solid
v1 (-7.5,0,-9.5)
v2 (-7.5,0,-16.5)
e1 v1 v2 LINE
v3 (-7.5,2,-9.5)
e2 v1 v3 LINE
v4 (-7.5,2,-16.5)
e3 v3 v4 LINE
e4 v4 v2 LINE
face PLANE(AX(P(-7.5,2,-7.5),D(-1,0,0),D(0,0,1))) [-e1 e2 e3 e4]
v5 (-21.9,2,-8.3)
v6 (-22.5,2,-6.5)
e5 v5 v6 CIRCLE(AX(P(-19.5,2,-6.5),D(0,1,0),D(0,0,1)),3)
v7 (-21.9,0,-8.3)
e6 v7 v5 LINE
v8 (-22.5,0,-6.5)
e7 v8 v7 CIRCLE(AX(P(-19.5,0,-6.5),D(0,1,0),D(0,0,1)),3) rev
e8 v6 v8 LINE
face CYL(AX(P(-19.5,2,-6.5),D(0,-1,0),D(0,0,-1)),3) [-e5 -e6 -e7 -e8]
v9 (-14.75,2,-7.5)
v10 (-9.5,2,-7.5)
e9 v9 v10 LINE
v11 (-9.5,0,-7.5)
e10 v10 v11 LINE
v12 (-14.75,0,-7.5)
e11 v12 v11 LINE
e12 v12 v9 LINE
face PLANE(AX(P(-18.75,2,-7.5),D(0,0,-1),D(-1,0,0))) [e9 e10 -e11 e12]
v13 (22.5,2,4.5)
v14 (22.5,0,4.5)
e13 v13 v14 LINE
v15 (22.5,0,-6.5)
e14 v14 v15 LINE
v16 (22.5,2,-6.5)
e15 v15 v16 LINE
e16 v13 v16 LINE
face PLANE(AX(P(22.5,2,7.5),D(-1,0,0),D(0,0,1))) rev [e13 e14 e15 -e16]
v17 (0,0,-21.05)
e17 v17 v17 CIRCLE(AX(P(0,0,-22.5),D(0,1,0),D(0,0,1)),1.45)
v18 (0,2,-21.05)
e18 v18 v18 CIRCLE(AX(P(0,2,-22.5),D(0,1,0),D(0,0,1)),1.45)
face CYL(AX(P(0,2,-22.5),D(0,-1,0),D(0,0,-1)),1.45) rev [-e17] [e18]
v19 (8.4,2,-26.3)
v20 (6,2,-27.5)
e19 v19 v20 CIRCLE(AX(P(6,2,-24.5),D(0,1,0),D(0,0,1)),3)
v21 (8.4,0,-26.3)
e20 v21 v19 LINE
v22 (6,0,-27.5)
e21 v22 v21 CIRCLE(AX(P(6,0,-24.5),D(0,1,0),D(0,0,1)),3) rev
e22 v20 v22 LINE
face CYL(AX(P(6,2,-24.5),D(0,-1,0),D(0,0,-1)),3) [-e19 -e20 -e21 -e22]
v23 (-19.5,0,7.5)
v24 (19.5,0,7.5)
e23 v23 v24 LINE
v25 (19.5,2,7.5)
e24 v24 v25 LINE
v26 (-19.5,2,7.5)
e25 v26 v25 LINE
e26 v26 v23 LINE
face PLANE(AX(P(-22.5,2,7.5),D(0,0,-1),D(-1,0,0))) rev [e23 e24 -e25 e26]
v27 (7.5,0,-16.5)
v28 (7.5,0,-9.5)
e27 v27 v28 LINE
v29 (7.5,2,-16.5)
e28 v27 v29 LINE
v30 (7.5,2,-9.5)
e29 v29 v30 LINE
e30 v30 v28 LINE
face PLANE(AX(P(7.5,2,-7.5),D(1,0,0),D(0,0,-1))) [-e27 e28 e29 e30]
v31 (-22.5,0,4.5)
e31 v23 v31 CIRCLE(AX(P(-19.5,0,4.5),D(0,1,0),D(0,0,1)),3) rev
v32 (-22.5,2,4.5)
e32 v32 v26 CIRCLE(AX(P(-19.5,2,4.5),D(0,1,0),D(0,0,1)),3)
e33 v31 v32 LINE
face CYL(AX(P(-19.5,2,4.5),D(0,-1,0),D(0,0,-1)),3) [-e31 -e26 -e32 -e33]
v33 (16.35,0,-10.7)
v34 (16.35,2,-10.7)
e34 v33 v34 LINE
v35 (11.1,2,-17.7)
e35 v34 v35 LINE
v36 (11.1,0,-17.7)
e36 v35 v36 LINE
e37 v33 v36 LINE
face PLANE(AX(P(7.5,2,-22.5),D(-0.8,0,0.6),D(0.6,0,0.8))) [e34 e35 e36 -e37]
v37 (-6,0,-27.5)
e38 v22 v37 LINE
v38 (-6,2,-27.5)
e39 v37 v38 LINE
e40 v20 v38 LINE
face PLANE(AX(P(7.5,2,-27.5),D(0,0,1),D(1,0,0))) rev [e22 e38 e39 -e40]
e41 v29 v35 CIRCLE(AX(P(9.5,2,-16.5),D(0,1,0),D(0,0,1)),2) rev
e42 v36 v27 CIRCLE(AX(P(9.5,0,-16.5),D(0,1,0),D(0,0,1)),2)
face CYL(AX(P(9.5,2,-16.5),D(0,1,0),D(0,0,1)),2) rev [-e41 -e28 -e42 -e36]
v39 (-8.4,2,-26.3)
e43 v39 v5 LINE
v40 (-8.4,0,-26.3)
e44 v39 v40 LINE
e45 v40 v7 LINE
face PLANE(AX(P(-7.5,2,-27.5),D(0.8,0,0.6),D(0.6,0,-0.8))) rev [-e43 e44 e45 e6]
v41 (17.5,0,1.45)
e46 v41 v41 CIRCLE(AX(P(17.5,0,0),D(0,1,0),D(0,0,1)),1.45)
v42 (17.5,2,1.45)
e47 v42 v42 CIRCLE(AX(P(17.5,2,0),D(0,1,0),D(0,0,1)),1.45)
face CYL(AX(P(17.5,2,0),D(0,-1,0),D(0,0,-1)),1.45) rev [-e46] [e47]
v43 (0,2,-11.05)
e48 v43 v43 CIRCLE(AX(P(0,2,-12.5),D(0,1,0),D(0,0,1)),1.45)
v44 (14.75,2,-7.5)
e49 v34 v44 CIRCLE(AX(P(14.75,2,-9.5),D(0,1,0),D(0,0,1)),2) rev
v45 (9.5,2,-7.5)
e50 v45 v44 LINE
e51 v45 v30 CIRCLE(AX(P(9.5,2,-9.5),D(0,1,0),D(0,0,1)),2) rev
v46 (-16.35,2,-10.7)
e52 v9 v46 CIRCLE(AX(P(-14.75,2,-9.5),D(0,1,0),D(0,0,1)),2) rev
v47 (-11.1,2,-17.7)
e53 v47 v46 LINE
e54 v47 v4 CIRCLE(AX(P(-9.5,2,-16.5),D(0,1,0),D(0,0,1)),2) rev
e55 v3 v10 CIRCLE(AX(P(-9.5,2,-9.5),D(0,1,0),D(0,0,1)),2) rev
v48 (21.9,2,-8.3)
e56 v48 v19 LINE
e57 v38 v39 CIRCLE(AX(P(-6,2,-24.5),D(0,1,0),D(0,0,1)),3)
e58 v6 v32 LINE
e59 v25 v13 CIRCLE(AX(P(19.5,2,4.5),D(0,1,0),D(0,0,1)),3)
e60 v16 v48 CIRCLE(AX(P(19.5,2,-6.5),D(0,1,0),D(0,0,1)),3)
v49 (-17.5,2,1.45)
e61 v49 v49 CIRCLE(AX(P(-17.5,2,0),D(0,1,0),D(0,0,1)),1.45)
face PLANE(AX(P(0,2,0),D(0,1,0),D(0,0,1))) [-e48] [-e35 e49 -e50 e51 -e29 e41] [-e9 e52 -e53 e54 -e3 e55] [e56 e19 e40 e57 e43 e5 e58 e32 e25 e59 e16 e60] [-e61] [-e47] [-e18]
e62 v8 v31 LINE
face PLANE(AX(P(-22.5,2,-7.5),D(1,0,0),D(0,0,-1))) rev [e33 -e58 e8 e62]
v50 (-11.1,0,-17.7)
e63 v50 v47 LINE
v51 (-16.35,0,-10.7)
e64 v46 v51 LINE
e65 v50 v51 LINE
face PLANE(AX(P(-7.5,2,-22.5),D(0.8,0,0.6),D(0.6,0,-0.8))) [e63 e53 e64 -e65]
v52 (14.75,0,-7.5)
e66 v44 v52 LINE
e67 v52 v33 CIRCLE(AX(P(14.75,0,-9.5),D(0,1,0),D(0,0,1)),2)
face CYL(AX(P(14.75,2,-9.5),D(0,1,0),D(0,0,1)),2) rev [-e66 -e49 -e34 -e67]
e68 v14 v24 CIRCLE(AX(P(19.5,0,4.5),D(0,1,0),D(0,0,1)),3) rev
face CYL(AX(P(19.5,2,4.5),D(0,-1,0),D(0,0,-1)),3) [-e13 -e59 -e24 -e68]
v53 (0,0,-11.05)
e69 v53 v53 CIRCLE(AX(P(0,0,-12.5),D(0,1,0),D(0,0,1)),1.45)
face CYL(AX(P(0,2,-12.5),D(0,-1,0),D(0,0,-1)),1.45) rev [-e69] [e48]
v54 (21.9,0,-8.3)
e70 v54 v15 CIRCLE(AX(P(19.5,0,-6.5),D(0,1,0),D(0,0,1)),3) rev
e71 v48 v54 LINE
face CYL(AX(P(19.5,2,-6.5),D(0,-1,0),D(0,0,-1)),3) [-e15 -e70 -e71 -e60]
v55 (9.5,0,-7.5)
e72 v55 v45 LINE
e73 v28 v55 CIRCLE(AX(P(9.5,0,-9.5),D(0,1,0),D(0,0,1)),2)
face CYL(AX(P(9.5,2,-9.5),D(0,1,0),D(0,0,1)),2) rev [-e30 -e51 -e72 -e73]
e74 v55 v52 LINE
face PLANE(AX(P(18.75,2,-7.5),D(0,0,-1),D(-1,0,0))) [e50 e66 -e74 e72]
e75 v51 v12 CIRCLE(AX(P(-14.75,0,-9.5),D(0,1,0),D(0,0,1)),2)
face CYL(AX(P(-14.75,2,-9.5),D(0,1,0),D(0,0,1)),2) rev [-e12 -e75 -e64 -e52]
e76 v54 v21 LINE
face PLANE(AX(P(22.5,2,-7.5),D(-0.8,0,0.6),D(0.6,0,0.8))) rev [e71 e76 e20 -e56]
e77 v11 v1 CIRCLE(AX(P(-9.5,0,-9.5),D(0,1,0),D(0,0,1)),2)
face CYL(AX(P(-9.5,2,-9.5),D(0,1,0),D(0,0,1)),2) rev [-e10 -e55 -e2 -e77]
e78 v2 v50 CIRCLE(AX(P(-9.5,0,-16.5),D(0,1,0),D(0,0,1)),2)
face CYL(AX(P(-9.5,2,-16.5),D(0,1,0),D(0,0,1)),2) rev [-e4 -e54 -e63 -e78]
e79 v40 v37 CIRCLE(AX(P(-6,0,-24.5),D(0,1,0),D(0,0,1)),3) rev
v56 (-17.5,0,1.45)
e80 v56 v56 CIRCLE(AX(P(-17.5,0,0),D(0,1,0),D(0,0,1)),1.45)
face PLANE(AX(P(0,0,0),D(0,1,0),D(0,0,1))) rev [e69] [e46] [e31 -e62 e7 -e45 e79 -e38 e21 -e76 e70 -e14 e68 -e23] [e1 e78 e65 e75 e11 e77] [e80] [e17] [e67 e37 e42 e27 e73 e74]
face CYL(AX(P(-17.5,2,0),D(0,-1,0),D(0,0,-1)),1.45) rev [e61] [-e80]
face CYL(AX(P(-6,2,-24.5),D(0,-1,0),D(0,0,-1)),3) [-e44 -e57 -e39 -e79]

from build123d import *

# Parameters (mm, degrees)
SKETCH_1_R      = 1.45
EXTRUDE_1_DEPTH = 2
FILLET_2_R      = 3
FILLET_3_R      = 2


with BuildPart() as part:
    # 草图1 → 凸台-拉伸1 (new body)
    with BuildSketch(Plane(origin=(0, 0, 0), x_dir=(1, 0, 0), z_dir=(0, 1, 0))):
        Polygon((-7.5, 27.5), (-22.5, 7.5), (-22.5, -7.5), (22.5, -7.5), (22.5, 7.5), (7.5, 27.5), align=None)
        with Locations(Location((-17.5, 0, 0), (0, 0, 270))):
            Circle(SKETCH_1_R, mode=Mode.SUBTRACT)
        with Locations(Location((17.5, 0, 0), (0, 0, 270))):
            Circle(SKETCH_1_R, mode=Mode.SUBTRACT)
        with Locations(Location((0, 12.5, 0), (0, 0, 270))):
            Circle(SKETCH_1_R, mode=Mode.SUBTRACT)
        with Locations(Location((0, 22.5, 0), (0, 0, 270))):
            Circle(SKETCH_1_R, mode=Mode.SUBTRACT)
        Polygon((-7.5, 22.5), (-18.75, 7.5), (-7.5, 7.5), align=None, mode=Mode.SUBTRACT)
        Polygon((18.75, 7.5), (7.5, 7.5), (7.5, 22.5), align=None, mode=Mode.SUBTRACT)
    extrude(amount=EXTRUDE_1_DEPTH)

    # 圆角2
    fillet_2_edges = [part.edges().sort_by_distance(p)[0] for p in [
        (22.5, 1, -7.5),
        (22.5, 1, 7.5),
        (-22.5, 1, 7.5),
        (-22.5, 1, -7.5),
        (-7.5, 1, -27.5),
        (7.5, 1, -27.5),
    ]]
    fillet(fillet_2_edges, radius=FILLET_2_R)

    # 圆角3
    fillet_3_edges = [part.edges().sort_by_distance(p)[0] for p in [
        (-7.5, 1, -7.5),
        (-7.5, 1, -22.5),
        (-18.75, 1, -7.5),
        (18.75, 1, -7.5),
        (7.5, 1, -22.5),
        (7.5, 1, -7.5),
    ]]
    fillet(fillet_3_edges, radius=FILLET_3_R)


solid = part.part
